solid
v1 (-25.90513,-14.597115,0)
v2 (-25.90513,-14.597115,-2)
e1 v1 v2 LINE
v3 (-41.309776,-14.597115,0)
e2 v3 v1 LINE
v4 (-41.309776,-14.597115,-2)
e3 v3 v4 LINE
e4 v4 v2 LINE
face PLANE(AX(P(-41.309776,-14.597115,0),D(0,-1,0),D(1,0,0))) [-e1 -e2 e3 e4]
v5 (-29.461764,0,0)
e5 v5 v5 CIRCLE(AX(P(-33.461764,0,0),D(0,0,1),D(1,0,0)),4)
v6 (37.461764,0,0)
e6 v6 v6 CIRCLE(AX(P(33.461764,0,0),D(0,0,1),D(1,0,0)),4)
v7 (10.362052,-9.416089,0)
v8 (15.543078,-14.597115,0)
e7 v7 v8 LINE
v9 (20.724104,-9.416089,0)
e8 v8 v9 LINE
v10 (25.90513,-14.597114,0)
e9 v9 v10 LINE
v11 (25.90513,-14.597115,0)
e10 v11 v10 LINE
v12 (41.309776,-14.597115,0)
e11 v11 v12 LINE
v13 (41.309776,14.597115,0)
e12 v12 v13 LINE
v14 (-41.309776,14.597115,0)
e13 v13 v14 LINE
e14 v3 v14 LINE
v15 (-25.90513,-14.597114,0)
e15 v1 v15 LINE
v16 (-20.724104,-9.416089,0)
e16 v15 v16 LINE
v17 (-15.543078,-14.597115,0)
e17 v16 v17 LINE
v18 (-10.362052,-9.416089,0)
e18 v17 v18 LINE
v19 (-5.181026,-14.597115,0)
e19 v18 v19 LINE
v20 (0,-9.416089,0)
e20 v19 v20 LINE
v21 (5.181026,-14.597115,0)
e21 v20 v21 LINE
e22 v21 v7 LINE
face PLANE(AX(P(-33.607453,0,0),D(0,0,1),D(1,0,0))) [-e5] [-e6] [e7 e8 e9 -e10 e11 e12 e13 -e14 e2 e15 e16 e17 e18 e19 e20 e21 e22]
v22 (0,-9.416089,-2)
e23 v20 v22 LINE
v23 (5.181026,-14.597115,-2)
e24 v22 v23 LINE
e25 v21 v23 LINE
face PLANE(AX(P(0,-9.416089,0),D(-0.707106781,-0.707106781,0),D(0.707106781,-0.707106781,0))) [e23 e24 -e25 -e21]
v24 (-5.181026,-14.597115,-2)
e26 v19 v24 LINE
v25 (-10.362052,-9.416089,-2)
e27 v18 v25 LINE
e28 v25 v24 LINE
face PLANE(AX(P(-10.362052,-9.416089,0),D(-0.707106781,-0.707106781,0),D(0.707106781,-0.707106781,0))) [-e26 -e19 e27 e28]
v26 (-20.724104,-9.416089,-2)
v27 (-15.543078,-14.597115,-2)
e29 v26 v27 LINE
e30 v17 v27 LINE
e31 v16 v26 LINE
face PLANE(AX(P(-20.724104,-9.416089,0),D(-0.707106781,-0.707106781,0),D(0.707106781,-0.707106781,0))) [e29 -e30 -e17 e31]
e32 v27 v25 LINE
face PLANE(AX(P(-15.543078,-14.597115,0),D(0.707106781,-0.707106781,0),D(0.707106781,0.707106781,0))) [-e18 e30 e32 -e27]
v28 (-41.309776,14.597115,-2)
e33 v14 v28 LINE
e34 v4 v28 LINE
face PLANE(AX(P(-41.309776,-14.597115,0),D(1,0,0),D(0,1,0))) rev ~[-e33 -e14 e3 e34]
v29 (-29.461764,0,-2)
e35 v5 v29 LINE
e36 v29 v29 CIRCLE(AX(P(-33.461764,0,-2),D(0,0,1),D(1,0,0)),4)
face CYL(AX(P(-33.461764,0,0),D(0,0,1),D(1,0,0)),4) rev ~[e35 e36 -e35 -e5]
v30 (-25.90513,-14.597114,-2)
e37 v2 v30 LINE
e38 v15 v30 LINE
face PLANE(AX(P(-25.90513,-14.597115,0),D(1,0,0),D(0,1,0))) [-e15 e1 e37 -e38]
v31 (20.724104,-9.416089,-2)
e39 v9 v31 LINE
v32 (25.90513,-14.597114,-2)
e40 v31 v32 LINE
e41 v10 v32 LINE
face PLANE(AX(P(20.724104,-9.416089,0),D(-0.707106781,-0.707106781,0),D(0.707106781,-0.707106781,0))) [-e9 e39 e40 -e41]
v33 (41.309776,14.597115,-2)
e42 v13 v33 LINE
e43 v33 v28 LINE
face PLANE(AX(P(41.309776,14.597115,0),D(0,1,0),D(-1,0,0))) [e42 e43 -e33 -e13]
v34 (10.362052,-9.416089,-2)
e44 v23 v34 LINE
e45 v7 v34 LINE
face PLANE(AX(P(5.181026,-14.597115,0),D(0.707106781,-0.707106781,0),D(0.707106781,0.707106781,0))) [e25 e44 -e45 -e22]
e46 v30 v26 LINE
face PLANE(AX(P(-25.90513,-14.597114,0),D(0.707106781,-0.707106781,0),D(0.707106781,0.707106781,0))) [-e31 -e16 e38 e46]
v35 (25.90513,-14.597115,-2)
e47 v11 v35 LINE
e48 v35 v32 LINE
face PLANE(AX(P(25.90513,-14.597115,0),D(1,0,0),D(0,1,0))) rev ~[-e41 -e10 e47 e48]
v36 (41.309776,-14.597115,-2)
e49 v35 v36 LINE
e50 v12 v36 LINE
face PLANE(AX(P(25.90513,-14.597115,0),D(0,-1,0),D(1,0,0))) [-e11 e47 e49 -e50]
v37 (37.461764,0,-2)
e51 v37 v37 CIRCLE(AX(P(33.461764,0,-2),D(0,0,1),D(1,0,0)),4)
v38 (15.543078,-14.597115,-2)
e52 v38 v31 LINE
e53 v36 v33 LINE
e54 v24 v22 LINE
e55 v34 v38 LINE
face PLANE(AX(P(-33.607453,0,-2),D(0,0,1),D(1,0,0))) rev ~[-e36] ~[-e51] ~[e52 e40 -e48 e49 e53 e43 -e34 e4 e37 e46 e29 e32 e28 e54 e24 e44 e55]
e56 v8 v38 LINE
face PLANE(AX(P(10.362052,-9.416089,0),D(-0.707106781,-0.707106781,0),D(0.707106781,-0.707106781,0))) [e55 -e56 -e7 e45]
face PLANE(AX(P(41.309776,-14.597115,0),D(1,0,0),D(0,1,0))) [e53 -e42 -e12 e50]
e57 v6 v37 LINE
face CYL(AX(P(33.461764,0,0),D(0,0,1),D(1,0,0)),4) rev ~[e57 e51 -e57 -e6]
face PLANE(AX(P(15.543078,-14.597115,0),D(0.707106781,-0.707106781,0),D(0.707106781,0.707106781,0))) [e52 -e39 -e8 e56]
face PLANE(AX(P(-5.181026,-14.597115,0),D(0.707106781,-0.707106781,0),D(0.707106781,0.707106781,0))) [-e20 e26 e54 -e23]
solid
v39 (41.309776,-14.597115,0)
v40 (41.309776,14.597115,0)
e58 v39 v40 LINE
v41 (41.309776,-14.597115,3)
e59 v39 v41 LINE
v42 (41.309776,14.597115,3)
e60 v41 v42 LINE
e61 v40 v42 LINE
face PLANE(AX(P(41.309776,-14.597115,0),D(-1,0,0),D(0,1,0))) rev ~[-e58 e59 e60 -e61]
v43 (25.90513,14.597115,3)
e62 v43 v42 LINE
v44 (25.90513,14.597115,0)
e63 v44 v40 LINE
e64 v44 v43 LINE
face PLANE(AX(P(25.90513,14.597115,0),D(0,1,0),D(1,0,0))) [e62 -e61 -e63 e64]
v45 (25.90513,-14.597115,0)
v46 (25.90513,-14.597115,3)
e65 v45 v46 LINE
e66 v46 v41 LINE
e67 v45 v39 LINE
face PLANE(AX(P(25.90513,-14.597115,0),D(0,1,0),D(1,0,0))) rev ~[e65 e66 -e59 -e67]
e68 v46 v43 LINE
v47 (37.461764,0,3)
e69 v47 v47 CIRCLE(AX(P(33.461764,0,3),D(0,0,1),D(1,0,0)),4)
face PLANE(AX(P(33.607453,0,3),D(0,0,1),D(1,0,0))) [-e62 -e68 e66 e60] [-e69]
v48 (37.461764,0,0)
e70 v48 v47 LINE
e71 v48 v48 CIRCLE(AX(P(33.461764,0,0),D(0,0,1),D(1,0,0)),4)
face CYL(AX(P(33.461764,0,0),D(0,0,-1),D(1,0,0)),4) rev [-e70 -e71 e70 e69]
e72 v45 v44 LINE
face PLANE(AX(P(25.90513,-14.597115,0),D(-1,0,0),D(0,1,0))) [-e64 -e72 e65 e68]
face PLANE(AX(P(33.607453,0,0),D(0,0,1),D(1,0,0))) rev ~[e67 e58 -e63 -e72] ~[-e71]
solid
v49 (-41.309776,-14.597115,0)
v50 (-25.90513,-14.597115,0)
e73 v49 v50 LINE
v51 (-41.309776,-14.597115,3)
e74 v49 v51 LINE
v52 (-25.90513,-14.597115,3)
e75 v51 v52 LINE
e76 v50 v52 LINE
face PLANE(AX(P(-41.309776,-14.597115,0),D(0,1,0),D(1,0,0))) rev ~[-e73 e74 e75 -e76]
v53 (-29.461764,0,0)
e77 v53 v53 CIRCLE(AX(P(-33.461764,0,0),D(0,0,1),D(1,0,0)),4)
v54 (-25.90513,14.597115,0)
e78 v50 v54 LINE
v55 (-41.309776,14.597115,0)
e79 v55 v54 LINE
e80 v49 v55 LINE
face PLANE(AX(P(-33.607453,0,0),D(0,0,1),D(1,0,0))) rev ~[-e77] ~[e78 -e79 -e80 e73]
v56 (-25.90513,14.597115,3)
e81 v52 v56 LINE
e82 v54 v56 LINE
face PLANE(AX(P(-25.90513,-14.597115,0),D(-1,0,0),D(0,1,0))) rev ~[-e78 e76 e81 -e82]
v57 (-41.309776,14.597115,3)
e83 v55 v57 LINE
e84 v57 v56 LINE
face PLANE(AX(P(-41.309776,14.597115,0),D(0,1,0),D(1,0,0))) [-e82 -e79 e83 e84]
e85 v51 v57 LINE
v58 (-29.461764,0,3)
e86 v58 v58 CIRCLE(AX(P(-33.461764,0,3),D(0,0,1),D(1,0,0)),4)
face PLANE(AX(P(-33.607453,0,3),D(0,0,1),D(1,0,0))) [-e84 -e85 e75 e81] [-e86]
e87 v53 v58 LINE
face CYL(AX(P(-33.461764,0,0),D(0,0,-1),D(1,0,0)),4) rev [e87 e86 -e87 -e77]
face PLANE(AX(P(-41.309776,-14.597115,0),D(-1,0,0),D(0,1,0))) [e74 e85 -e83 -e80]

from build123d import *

# Parameters (mm, degrees)
F0_W     = 15.404647
F0_H     = 29.19423
F0_R     = 4
F1_DEPTH = 3
F2_DEPTH = 2


with BuildPart() as f1:
    # F0 (on Top) → F1 (new body)
    with BuildSketch(Plane.XY):
        with Locations((-33.607453, 0)):
            Rectangle(F0_W, F0_H)
        with Locations((-33.461764, 0)):
            Circle(F0_R, mode=Mode.SUBTRACT)
        with Locations((33.607453, 0)):
            Rectangle(F0_W, F0_H)
        with Locations((33.461764, 0)):
            Circle(F0_R, mode=Mode.SUBTRACT)
    extrude(amount=F1_DEPTH)


with BuildPart() as f2:
    # F0 (on Top) → F2 (new body)
    with BuildSketch(Plane.XY):
        with Locations((-33.607453, 0)):
            Rectangle(F0_W, F0_H)
        with Locations((-33.461764, 0)):
            Circle(F0_R, mode=Mode.SUBTRACT)
        Polygon((25.90513, 14.597115), (-25.90513, 14.597115), (-25.90513, -14.597115), (-20.724104, -9.416089), (-15.543078, -14.597115), (-10.362052, -9.416089), (-5.181026, -14.597115), (0, -9.416089), (5.181026, -14.597115), (10.362052, -9.416089), (15.543078, -14.597115), (20.724104, -9.416089), (25.90513, -14.597115), align=None)
        with Locations((33.607453, 0)):
            Rectangle(F0_W, F0_H)
        with Locations((33.461764, 0)):
            Circle(F0_R, mode=Mode.SUBTRACT)
    extrude(amount=-F2_DEPTH)


solid = Compound([f1.part, f2.part])
